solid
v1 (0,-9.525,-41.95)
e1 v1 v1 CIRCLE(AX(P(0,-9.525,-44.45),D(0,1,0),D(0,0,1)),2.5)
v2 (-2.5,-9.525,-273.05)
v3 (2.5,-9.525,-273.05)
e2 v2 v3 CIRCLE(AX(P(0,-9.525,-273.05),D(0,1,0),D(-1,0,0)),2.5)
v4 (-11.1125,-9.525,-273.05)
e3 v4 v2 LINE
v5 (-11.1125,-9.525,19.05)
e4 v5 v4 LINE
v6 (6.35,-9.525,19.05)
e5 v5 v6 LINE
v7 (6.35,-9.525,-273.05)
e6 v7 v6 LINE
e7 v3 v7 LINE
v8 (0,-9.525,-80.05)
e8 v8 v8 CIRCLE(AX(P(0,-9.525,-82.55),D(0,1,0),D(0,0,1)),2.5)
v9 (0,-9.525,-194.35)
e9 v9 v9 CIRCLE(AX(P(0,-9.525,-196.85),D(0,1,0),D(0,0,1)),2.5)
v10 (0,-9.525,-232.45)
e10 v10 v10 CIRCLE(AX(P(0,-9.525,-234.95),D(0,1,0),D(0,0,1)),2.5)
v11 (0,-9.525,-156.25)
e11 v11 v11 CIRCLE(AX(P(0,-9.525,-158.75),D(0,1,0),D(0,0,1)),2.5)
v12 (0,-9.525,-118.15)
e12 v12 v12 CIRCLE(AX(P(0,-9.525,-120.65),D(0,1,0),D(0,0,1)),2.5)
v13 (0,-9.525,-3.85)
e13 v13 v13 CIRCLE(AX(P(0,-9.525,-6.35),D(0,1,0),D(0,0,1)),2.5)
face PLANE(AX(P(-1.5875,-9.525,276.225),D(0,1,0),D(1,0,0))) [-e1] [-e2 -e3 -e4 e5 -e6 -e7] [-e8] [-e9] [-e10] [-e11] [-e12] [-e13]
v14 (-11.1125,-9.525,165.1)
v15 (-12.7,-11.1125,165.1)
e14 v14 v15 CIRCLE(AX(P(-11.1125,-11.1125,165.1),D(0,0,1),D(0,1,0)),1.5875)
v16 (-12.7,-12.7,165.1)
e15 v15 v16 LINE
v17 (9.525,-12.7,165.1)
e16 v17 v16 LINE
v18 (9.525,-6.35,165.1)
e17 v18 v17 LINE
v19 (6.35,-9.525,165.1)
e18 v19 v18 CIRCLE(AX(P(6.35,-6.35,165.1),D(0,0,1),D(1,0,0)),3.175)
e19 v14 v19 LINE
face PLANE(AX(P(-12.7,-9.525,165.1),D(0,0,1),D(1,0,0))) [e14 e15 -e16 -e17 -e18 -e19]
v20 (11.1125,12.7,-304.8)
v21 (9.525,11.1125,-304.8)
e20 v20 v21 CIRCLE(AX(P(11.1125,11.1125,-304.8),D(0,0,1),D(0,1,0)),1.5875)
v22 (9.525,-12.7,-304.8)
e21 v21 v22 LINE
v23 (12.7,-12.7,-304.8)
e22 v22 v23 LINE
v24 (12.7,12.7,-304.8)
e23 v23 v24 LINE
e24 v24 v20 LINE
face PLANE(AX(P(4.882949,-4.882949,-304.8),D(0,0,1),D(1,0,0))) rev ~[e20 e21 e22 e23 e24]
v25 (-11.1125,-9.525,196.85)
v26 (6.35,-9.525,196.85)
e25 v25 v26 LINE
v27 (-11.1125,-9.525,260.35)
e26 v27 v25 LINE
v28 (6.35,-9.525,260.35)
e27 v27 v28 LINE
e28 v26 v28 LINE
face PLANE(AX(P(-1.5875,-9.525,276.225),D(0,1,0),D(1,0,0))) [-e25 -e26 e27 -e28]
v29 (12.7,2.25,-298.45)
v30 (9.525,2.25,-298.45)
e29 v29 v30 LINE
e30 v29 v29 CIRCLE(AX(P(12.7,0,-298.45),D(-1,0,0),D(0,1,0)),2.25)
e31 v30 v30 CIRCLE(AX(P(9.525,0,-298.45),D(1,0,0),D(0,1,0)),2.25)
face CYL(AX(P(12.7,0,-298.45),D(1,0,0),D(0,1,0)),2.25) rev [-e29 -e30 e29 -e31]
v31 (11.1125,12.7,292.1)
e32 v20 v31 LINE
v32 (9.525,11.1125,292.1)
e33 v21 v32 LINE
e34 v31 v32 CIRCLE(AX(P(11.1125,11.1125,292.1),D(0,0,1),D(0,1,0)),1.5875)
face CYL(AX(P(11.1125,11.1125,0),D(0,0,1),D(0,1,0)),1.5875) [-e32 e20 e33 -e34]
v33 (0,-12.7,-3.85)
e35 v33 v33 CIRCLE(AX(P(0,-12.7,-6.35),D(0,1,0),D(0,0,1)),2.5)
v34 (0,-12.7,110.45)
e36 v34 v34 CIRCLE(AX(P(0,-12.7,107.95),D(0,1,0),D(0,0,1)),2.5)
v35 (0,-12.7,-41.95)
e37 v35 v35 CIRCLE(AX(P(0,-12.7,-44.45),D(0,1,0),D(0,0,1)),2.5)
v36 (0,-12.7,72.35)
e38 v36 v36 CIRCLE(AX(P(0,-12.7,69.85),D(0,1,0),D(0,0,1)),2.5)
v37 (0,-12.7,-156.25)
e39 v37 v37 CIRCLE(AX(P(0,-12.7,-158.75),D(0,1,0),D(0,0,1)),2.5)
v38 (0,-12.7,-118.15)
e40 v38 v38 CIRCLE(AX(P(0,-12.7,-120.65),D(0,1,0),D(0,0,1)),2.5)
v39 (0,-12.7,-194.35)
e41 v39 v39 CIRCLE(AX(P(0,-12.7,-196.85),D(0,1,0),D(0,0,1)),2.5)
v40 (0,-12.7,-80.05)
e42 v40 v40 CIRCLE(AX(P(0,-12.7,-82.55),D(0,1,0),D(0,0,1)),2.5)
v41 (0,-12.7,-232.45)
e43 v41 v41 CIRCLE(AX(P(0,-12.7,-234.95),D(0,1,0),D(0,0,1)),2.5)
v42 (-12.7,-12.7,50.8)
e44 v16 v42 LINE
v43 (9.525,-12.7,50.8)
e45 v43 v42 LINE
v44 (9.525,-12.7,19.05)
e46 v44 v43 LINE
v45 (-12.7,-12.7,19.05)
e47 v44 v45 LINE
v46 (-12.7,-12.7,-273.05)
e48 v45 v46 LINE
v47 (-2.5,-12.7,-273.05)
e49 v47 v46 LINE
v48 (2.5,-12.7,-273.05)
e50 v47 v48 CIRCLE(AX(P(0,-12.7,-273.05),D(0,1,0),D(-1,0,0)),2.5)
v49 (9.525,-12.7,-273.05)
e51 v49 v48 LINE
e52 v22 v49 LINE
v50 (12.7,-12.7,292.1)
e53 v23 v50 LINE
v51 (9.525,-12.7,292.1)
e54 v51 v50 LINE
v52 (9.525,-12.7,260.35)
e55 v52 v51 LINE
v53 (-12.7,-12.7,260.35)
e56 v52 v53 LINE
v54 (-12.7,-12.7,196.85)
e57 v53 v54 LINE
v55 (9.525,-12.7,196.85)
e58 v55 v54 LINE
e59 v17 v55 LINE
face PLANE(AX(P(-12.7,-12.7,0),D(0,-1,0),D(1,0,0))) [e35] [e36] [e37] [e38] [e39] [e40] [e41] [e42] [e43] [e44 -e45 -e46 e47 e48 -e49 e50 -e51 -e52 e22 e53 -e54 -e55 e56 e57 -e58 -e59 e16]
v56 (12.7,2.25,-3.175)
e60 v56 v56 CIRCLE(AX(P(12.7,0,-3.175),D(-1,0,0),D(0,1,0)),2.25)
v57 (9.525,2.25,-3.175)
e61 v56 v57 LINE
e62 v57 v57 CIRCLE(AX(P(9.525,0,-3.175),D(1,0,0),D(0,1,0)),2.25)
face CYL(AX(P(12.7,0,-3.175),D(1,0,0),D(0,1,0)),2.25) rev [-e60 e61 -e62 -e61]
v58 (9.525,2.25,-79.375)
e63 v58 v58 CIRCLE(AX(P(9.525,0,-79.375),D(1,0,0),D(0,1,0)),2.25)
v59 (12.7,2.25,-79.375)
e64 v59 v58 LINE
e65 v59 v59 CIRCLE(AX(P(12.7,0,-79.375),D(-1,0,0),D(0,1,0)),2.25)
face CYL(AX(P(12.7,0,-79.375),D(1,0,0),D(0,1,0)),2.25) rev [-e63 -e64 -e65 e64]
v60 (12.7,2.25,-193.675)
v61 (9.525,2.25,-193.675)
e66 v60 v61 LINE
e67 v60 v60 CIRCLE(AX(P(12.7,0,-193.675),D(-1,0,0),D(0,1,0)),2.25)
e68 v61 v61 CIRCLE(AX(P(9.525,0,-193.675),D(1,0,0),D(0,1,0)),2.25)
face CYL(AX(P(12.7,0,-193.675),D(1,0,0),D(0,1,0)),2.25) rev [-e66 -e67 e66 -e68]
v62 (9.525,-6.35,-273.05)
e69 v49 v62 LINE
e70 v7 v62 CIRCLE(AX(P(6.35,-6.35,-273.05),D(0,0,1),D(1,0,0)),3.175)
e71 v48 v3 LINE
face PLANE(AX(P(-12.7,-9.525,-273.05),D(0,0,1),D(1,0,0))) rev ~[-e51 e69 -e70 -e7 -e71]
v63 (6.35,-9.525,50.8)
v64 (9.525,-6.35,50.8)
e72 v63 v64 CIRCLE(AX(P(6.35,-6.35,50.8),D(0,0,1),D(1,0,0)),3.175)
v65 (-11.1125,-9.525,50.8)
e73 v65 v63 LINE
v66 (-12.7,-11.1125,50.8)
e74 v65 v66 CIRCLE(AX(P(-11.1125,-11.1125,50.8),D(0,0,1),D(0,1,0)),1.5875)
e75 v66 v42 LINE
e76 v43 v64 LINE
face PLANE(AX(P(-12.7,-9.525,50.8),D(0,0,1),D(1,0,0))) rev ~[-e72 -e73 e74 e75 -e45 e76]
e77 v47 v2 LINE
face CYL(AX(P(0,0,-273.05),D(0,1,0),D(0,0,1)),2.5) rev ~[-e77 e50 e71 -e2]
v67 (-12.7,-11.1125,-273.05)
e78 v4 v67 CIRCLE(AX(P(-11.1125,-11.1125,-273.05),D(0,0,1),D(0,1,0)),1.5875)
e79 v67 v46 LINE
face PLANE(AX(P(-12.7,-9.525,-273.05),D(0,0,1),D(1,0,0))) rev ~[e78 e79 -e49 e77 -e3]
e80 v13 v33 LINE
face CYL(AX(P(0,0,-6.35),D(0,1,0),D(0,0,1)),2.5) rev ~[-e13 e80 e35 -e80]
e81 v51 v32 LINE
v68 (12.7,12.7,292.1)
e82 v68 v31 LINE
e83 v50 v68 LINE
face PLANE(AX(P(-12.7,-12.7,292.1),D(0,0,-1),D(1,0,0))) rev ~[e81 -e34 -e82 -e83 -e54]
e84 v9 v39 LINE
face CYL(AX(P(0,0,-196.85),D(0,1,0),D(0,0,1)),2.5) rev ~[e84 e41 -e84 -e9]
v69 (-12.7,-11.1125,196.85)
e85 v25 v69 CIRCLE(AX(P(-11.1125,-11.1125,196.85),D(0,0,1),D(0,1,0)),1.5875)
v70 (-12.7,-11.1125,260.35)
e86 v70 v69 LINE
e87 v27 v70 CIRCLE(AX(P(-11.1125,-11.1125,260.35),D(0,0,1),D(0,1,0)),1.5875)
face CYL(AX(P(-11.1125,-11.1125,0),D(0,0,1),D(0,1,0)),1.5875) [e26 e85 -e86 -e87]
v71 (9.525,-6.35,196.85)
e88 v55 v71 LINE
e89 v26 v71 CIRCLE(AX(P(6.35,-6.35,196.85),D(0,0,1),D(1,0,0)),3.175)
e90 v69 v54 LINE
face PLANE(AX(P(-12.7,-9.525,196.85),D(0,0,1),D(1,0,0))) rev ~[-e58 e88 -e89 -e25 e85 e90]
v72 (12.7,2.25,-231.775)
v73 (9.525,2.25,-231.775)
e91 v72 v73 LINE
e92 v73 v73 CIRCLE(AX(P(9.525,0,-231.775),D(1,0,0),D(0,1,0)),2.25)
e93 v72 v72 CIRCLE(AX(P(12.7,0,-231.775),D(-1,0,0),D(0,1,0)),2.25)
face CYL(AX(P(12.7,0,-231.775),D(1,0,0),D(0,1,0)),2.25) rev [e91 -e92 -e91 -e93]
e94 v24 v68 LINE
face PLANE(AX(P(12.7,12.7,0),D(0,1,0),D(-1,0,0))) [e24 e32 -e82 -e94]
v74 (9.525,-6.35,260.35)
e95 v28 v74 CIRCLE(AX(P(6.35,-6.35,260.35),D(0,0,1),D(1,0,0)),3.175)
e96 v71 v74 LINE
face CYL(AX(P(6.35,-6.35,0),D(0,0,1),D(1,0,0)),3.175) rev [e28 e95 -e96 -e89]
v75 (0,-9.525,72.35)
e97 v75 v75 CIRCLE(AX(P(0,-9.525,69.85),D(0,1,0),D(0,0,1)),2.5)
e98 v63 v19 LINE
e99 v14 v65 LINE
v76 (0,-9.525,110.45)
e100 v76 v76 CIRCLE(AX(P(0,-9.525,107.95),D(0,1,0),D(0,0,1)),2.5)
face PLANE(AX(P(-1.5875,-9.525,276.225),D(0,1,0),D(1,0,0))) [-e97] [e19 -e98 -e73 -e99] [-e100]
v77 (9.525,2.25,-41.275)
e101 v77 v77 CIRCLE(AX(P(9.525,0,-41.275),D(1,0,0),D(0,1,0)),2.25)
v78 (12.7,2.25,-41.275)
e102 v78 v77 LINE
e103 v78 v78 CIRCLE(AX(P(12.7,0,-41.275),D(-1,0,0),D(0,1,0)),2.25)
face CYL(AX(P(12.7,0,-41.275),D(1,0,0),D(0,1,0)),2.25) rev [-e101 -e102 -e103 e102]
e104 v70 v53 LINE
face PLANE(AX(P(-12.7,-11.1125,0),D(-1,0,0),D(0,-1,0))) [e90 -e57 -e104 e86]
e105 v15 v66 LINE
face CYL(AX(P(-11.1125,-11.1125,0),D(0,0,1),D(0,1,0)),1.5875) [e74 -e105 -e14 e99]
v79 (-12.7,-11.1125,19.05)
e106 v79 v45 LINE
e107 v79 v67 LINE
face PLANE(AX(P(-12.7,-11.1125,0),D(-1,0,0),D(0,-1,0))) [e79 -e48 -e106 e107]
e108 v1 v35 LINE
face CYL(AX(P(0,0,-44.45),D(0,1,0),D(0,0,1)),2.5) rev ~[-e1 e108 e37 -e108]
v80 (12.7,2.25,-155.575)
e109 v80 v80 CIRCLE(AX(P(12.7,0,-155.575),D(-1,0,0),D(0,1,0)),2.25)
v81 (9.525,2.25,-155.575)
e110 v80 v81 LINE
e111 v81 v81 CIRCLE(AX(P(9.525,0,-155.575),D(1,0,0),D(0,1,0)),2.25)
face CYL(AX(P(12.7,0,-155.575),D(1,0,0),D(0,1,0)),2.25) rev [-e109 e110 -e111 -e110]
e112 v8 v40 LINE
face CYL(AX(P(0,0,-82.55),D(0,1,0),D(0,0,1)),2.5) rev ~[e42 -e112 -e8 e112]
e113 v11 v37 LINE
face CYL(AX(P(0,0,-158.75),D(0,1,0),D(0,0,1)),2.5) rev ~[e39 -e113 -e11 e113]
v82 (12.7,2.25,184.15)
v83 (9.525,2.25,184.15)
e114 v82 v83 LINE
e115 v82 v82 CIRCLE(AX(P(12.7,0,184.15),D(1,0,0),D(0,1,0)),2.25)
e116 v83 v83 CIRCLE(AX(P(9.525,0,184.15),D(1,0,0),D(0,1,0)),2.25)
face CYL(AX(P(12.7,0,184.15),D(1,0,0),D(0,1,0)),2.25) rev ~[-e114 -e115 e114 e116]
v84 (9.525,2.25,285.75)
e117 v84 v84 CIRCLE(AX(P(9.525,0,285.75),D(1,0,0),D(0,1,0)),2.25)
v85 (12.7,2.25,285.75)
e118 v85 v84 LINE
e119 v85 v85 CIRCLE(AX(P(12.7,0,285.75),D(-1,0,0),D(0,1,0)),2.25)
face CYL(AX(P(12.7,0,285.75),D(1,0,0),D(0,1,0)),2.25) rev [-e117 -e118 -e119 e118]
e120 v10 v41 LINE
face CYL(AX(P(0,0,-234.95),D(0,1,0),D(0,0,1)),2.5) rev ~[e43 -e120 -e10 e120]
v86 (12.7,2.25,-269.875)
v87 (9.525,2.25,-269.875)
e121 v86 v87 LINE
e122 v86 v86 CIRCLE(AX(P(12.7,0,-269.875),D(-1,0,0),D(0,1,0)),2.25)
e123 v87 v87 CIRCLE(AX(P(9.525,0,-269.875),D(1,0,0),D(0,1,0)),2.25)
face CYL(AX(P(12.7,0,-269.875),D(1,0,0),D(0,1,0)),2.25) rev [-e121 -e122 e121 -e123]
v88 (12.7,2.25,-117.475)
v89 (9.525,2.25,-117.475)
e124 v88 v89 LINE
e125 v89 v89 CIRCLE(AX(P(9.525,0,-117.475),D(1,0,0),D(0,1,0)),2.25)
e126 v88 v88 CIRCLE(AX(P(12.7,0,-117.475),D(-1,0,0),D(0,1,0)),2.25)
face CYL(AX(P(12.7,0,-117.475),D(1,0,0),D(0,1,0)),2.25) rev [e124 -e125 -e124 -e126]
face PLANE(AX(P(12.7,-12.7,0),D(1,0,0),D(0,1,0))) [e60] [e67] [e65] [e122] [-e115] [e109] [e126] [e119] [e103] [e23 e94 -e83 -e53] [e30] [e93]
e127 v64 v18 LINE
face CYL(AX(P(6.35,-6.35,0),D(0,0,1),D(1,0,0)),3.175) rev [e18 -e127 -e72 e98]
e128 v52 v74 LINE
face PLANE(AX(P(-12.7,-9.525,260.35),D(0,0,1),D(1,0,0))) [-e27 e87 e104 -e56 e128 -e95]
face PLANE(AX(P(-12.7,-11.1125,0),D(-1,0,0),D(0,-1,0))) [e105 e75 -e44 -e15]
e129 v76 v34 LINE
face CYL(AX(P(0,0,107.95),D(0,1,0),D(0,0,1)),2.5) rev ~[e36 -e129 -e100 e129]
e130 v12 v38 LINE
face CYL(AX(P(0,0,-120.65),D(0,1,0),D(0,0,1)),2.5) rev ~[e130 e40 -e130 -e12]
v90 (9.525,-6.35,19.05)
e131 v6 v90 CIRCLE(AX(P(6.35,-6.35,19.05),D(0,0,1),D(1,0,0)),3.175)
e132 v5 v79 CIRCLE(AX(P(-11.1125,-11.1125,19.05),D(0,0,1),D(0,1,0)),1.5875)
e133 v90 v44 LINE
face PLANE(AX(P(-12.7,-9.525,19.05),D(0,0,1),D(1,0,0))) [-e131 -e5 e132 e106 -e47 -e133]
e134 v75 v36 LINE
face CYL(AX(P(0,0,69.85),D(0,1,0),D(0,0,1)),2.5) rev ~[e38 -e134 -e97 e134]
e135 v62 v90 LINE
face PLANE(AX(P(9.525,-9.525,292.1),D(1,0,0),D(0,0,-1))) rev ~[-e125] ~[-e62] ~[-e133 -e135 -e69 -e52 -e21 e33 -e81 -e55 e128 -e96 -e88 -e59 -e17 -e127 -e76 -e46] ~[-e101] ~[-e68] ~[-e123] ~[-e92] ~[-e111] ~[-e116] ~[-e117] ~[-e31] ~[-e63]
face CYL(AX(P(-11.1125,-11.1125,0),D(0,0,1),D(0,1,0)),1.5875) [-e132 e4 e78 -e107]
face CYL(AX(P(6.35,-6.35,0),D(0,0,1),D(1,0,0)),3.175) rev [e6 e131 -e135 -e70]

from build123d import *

# Parameters (mm, degrees)
BOSS_EXTRUDE1_DEPTH     = 304.8
SKETCH7_W               = 25.4
SKETCH7_H               = 12.7
CUT_EXTRUDE1_DEPTH      = 254
SKETCH3_R               = 2.5
CUT_EXTRUDE2_DEPTH      = 254
SKETCH8_R               = 2.25
CUT_EXTRUDE4_DEPTH      = 254
SKETCH9_W               = 22.225
SKETCH9_H               = 31.75
CUT_EXTRUDE5_DEPTH      = 12.7
CUT_EXTRUDE5_DEPTH_BACK = 12.7
SKETCH10_R              = 2.25
CUT_EXTRUDE6_DEPTH      = 203.2


with BuildPart() as part:
    # Sketch2 → Boss-Extrude1 (new, symmetric)
    with BuildSketch(Plane.XY):
        with BuildLine():
            Line((-12.7, -12.7), (12.7, -12.7))
            Line((12.7, -12.7), (12.7, 12.7))
            Line((12.7, 12.7), (11.1125, 12.7))
            ThreePointArc((11.1125, 12.7), (9.989967985, 12.235032015), (9.525, 11.1125))
            Line((9.525, 11.1125), (9.525, -6.35))
            ThreePointArc((9.525, -6.35), (8.59506403, -8.59506403), (6.35, -9.525))
            Line((6.35, -9.525), (-11.1125, -9.525))
            ThreePointArc((-11.1125, -9.525), (-12.235032015, -9.989967985), (-12.7, -11.1125))
            Line((-12.7, -11.1125), (-12.7, -12.7))
        make_face()
    extrude(amount=BOSS_EXTRUDE1_DEPTH, both=True)

    # Sketch7 → Cut-Extrude1 (cut)
    with BuildSketch(Plane.XZ.offset(12.7)):
        with Locations((0, 298.45)):
            Rectangle(SKETCH7_W, SKETCH7_H)
    extrude(amount=-CUT_EXTRUDE1_DEPTH, mode=Mode.SUBTRACT)

    # Sketch3 → Cut-Extrude2 (cut)
    with BuildSketch(Plane(origin=(0, 0, 0), x_dir=(1, 0, 0), z_dir=(0, 1, 0))):
        with Locations(Location((0, 273.05, 0), (0, 0, 270))):
            Circle(SKETCH3_R)
        with Locations(Location((0, 234.95, 0), (0, 0, 270))):
            Circle(SKETCH3_R)
        with Locations(Location((0, 196.85, 0), (0, 0, 270))):
            Circle(SKETCH3_R)
        with Locations(Location((0, 158.75, 0), (0, 0, 270))):
            Circle(SKETCH3_R)
        with Locations(Location((0, 120.65, 0), (0, 0, 270))):
            Circle(SKETCH3_R)
        with Locations(Location((0, 82.55, 0), (0, 0, 270))):
            Circle(SKETCH3_R)
        with Locations(Location((0, 44.45, 0), (0, 0, 270))):
            Circle(SKETCH3_R)
        with Locations(Location((0, 6.35, 0), (0, 0, 270))):
            Circle(SKETCH3_R)
        with Locations(Location((0, -31.75, 0), (0, 0, 270))):
            Circle(SKETCH3_R)
        with Locations(Location((0, -69.85, 0), (0, 0, 270))):
            Circle(SKETCH3_R)
        with Locations(Location((0, -107.95, 0), (0, 0, 270))):
            Circle(SKETCH3_R)
    extrude(amount=-CUT_EXTRUDE2_DEPTH, mode=Mode.SUBTRACT)

    # Sketch8 → Cut-Extrude4 (cut)
    with BuildSketch(Plane(origin=(12.7, 0, -12.7), x_dir=(0, 0, 1), z_dir=(-1, 0, 0))):
        with Locations(Location((9.525, 0, 0), (0, 0, 90))):
            Circle(SKETCH8_R)
        with Locations(Location((-28.575, 0, 0), (0, 0, 90))):
            Circle(SKETCH8_R)
        with Locations(Location((-66.675, 0, 0), (0, 0, 90))):
            Circle(SKETCH8_R)
        with Locations(Location((-104.775, 0, 0), (0, 0, 90))):
            Circle(SKETCH8_R)
        with Locations(Location((-142.875, 0, 0), (0, 0, 90))):
            Circle(SKETCH8_R)
        with Locations(Location((-180.975, 0, 0), (0, 0, 90))):
            Circle(SKETCH8_R)
        with Locations(Location((-219.075, 0, 0), (0, 0, 90))):
            Circle(SKETCH8_R)
        with Locations(Location((-285.75, 0, 0), (0, 0, 90))):
            Circle(SKETCH8_R)
        with Locations(Location((-257.175, 0, 0), (0, 0, 90))):
            Circle(SKETCH8_R)
        with Locations(Location((298.45, 0, 0), (0, 0, 90))):
            Circle(SKETCH8_R)
    extrude(amount=CUT_EXTRUDE4_DEPTH, mode=Mode.SUBTRACT)

    # Sketch9 → Cut-Extrude5 (cut, two sides)
    with BuildSketch(Plane(origin=(0, -9.525, 0), x_dir=(1, 0, 0), z_dir=(0, 1, 0))) as cut_extrude5_sk:
        with Locations((-1.5875, 288.925)):
            Rectangle(SKETCH9_W, SKETCH9_H)
        with Locations((-1.5875, -276.225)):
            Rectangle(SKETCH9_W, SKETCH9_H)
        with Locations((-1.5875, -34.925)):
            Rectangle(SKETCH9_W, SKETCH9_H)
        with Locations((-1.5875, -180.975)):
            Rectangle(SKETCH9_W, SKETCH9_H)
    extrude(amount=CUT_EXTRUDE5_DEPTH, mode=Mode.SUBTRACT)
    extrude(cut_extrude5_sk.sketch, amount=-CUT_EXTRUDE5_DEPTH_BACK, mode=Mode.SUBTRACT)

    # Sketch10 → Cut-Extrude6 (cut)
    with BuildSketch(Plane(origin=(12.7, 0, 0), x_dir=(0, 0, -1), z_dir=(1, 0, 0))):
        with Locations(Location((-184.15, 0, 0), (0, 0, 90))):
            Circle(SKETCH10_R)
        with Locations(Location((-285.75, 0, 0), (0, 0, 90))):
            Circle(SKETCH10_R)
    extrude(amount=-CUT_EXTRUDE6_DEPTH, mode=Mode.SUBTRACT)


solid = part.part
